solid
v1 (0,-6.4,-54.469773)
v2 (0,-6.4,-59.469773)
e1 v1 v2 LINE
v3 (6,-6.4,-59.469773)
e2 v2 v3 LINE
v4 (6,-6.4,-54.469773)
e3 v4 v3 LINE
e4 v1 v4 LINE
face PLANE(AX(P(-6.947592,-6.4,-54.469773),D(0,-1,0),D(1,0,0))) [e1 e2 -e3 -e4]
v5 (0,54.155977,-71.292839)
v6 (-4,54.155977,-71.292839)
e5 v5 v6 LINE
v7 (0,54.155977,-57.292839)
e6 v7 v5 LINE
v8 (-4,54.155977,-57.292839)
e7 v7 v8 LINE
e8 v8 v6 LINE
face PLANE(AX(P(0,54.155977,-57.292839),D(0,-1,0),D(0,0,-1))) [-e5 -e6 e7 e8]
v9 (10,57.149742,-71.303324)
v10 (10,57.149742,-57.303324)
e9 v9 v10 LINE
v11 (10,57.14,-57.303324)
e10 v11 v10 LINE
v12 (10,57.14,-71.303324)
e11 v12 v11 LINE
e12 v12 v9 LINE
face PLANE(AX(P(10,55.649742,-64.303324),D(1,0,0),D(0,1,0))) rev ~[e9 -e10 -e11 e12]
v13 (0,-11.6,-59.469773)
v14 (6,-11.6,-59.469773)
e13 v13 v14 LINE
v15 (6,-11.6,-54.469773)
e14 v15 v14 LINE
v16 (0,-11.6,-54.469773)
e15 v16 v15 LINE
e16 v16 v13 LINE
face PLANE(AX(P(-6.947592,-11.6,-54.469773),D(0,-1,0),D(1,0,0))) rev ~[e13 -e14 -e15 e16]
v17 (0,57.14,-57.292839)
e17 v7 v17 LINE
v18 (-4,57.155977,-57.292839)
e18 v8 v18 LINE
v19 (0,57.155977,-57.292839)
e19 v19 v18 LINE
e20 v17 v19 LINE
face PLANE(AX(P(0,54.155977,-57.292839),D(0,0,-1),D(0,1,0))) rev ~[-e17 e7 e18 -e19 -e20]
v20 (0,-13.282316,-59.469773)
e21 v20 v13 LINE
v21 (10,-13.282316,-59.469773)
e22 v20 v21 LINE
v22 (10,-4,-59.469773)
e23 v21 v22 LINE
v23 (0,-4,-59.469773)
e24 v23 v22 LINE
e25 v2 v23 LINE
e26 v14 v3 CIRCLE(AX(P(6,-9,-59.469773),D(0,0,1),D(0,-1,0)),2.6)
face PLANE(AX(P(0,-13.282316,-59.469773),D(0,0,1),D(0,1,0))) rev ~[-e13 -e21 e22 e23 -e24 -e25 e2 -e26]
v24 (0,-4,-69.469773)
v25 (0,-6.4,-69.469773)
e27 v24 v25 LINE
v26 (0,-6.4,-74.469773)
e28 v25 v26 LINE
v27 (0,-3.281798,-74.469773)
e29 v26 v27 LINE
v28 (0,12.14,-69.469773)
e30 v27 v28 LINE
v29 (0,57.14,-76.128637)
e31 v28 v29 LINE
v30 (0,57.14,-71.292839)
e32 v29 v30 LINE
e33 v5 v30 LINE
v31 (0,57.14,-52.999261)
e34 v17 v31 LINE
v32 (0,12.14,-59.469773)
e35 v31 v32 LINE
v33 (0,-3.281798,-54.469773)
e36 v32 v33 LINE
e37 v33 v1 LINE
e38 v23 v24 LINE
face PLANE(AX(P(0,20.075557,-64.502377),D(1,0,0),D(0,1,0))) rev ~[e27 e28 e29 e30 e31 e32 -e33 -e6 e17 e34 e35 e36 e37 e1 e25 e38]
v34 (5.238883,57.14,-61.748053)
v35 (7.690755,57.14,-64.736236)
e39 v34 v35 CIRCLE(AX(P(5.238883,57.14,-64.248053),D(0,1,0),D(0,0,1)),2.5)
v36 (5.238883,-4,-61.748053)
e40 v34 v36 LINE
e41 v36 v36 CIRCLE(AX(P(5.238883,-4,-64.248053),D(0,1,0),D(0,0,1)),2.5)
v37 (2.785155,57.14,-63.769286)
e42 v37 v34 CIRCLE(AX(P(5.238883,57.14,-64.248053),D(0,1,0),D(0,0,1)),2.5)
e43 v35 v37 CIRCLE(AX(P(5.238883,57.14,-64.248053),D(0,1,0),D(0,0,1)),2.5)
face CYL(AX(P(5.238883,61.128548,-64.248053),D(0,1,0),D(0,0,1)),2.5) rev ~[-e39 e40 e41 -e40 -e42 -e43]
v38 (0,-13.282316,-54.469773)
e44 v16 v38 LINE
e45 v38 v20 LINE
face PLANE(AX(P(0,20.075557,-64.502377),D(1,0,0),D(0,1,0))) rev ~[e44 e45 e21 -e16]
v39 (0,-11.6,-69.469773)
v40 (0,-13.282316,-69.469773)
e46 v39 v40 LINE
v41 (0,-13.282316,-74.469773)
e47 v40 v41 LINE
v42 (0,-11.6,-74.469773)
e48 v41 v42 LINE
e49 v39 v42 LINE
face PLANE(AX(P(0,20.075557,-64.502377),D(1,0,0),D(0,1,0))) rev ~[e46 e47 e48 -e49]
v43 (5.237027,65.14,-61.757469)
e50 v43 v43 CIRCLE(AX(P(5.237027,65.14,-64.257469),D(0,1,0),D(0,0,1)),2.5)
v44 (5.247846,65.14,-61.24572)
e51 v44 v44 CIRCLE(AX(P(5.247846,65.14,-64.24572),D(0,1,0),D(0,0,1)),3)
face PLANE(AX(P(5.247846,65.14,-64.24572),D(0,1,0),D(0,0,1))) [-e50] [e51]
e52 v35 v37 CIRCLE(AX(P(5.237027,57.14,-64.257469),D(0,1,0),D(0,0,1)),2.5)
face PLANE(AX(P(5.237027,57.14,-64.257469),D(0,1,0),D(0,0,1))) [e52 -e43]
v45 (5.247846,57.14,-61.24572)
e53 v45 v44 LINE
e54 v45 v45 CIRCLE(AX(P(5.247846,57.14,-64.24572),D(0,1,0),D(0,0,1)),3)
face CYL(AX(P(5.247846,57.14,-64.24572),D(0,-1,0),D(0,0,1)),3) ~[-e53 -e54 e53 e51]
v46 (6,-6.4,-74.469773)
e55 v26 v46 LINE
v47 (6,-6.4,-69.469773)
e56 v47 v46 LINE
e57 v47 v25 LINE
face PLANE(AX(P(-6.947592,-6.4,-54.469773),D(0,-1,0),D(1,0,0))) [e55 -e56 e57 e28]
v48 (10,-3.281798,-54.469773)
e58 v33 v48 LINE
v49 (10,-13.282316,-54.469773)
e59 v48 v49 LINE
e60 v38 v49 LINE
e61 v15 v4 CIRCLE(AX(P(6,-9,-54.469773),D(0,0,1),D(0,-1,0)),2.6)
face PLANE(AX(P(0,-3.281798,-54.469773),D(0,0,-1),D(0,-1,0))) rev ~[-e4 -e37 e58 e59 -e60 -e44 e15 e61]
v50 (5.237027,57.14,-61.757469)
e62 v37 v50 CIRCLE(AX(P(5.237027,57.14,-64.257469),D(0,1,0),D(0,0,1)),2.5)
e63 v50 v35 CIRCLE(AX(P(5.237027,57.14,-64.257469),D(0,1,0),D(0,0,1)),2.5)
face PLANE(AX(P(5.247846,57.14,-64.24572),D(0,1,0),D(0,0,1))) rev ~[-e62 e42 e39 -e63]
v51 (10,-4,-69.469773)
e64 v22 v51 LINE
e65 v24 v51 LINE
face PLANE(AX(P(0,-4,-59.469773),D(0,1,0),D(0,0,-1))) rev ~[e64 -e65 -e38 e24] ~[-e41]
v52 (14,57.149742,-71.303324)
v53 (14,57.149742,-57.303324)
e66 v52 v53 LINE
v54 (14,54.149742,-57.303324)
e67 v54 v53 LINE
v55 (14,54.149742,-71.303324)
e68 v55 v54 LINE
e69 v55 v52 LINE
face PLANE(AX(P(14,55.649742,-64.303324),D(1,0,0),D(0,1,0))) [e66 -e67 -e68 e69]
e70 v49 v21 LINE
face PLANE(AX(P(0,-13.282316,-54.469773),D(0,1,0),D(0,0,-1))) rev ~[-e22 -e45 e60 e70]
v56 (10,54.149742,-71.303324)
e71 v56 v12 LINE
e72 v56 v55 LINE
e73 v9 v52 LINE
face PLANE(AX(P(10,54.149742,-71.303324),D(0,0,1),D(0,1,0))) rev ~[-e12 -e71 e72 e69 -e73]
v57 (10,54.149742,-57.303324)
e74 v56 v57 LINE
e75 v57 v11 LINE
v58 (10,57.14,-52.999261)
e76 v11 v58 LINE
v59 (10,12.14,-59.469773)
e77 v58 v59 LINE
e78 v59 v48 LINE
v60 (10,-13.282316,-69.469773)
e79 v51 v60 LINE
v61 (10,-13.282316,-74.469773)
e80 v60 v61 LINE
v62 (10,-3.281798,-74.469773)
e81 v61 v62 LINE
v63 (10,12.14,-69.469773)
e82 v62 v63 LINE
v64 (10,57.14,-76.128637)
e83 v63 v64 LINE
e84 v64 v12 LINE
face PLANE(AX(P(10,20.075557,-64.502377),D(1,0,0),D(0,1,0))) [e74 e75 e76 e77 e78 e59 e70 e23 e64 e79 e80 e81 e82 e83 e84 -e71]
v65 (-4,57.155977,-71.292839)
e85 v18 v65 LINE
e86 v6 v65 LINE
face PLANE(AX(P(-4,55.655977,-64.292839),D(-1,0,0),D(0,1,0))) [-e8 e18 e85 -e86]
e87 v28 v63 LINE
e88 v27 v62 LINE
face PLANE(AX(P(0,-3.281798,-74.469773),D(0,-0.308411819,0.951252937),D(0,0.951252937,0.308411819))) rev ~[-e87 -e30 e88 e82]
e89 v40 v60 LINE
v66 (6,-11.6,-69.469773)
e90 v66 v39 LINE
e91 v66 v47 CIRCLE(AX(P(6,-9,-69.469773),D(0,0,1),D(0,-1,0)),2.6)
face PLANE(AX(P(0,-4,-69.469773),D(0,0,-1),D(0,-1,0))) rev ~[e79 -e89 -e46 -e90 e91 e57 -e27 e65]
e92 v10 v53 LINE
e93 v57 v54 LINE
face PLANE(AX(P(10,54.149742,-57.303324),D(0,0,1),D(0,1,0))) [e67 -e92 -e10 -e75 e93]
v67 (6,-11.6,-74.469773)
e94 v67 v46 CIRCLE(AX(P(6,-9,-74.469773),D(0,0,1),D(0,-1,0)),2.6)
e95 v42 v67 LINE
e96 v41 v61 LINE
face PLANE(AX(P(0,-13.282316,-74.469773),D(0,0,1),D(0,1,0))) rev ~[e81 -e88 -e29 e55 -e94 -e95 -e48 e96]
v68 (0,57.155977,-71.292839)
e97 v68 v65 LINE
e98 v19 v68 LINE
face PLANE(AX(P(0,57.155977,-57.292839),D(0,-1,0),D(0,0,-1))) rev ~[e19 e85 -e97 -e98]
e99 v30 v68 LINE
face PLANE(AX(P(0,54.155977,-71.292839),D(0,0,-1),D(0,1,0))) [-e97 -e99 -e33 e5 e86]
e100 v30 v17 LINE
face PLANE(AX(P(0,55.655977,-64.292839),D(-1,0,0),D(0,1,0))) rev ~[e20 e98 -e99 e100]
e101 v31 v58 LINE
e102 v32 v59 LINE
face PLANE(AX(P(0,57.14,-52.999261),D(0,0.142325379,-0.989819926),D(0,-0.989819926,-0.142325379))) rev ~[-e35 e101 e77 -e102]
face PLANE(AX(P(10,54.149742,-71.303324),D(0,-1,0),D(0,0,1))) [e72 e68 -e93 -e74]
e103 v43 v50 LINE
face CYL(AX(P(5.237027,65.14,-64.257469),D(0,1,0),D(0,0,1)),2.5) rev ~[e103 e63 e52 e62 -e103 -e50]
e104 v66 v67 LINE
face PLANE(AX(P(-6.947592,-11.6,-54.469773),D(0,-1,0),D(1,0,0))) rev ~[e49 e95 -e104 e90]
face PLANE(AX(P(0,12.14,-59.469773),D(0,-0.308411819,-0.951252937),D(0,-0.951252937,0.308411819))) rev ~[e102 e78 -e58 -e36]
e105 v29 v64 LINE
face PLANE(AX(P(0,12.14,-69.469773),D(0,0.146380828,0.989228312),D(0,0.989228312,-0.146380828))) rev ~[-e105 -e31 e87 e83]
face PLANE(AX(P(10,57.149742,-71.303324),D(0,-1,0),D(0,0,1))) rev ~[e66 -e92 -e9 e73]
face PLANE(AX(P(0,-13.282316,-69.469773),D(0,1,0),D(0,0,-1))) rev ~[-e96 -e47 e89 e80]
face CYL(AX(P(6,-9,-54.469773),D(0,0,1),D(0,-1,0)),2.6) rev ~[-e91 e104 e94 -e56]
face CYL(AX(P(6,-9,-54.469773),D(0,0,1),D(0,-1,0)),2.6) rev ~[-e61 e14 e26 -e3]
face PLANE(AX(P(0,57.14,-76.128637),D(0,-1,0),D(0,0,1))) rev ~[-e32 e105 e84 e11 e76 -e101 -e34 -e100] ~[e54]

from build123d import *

# Parameters (mm, degrees)
PAD017_DEPTH    = 10
SKETCH043_R     = 2.5
HOLE004_DEPTH   = 74.4118637621
POCKET018_DEPTH = 21.6598644736
SKETCH071_R     = 3
PAD030_DEPTH    = 8
SKETCH072_R     = 2.5
POCKET034_DEPTH = 8
SKETCH073_W     = 3
SKETCH073_H     = 14
PAD031_DEPTH    = 4
SKETCH074_W     = 3
SKETCH074_H     = 14
PAD032_DEPTH    = 4


with BuildPart() as part:
    # Sketch041 → Pad017 (new body)
    with BuildSketch(Plane.YZ):
        Polygon((-9.2823155717, -17.4697729947), (-9.2823155717, -22.4697729947), (0, -22.4697729947), (0, -32.4697729947), (-9.2823155717, -32.4697729947), (-9.2823155717, -37.4697729947), (0.718202267, -37.4697729947), (16.14, -32.4697729947), (61.14, -39.1286374683), (61.14, -15.9992606277), (16.14, -22.4697729947), (0.718202267, -17.4697729947), align=None)
    extrude(amount=PAD017_DEPTH)

    # Sketch043 → Hole004 (cut, through all)
    with BuildSketch(Plane.ZX.offset(65.1285481904)):
        with Locations((-27.248053, 5.238883)):
            Circle(SKETCH043_R)
    extrude(amount=-HOLE004_DEPTH, mode=Mode.SUBTRACT)

    # Sketch044 (on Face2 of Hole004) → Pocket018 (cut, through all)
    with BuildSketch(Plane(origin=(0, 0, -17.4697729947), x_dir=(0, -1, 0), z_dir=(0, 0, 1))):
        with BuildLine():
            ThreePointArc((2.4, -6.9475921725), (5, -9.5475921725), (7.6, -6.9475921725))
            Line((7.6, -6.9475921725), (7.6, 6))
            ThreePointArc((7.6, 6), (5.0000000001, 8.6), (2.4, 6.0000000001))
            Line((2.4, -6.9475921725), (2.4, 6.0000000001))
        make_face()
    extrude(amount=-POCKET018_DEPTH, mode=Mode.SUBTRACT)

    # Sketch071 (on Face17 of Pocket018) → Pad030 (join)
    with BuildSketch(Plane.ZX.offset(61.14)):
        with Locations((-27.24572, 5.247846)):
            Circle(SKETCH071_R)
    extrude(amount=PAD030_DEPTH)

    # Sketch072 (on Face26 of Pad030) → Pocket034 (cut)
    with BuildSketch(Plane.ZX.offset(69.14)):
        with Locations((-27.257469, 5.237027)):
            Circle(SKETCH072_R)
    extrude(amount=-POCKET034_DEPTH, mode=Mode.SUBTRACT)

    # Sketch073 (on Face6 of Pocket034) → Pad031 (join)
    with BuildSketch(Plane(origin=(0, 0, 0), x_dir=(0, 1, 0), z_dir=(-1, 0, 0))):
        with Locations((59.6559768039, 27.292839)):
            Rectangle(SKETCH073_W, SKETCH073_H)
    extrude(amount=PAD031_DEPTH)

    # Sketch074 (on Face5 of Pad031) → Pad032 (join)
    with BuildSketch(Plane.YZ.offset(10)):
        with Locations((59.6497417125, -27.3033236781)):
            Rectangle(SKETCH074_W, SKETCH074_H)
    extrude(amount=PAD032_DEPTH)


with BuildPart() as part_1:
    # Body007 placement: moved
    add(part.part.moved(Location((0, -4, -37))))


solid = part_1.part
